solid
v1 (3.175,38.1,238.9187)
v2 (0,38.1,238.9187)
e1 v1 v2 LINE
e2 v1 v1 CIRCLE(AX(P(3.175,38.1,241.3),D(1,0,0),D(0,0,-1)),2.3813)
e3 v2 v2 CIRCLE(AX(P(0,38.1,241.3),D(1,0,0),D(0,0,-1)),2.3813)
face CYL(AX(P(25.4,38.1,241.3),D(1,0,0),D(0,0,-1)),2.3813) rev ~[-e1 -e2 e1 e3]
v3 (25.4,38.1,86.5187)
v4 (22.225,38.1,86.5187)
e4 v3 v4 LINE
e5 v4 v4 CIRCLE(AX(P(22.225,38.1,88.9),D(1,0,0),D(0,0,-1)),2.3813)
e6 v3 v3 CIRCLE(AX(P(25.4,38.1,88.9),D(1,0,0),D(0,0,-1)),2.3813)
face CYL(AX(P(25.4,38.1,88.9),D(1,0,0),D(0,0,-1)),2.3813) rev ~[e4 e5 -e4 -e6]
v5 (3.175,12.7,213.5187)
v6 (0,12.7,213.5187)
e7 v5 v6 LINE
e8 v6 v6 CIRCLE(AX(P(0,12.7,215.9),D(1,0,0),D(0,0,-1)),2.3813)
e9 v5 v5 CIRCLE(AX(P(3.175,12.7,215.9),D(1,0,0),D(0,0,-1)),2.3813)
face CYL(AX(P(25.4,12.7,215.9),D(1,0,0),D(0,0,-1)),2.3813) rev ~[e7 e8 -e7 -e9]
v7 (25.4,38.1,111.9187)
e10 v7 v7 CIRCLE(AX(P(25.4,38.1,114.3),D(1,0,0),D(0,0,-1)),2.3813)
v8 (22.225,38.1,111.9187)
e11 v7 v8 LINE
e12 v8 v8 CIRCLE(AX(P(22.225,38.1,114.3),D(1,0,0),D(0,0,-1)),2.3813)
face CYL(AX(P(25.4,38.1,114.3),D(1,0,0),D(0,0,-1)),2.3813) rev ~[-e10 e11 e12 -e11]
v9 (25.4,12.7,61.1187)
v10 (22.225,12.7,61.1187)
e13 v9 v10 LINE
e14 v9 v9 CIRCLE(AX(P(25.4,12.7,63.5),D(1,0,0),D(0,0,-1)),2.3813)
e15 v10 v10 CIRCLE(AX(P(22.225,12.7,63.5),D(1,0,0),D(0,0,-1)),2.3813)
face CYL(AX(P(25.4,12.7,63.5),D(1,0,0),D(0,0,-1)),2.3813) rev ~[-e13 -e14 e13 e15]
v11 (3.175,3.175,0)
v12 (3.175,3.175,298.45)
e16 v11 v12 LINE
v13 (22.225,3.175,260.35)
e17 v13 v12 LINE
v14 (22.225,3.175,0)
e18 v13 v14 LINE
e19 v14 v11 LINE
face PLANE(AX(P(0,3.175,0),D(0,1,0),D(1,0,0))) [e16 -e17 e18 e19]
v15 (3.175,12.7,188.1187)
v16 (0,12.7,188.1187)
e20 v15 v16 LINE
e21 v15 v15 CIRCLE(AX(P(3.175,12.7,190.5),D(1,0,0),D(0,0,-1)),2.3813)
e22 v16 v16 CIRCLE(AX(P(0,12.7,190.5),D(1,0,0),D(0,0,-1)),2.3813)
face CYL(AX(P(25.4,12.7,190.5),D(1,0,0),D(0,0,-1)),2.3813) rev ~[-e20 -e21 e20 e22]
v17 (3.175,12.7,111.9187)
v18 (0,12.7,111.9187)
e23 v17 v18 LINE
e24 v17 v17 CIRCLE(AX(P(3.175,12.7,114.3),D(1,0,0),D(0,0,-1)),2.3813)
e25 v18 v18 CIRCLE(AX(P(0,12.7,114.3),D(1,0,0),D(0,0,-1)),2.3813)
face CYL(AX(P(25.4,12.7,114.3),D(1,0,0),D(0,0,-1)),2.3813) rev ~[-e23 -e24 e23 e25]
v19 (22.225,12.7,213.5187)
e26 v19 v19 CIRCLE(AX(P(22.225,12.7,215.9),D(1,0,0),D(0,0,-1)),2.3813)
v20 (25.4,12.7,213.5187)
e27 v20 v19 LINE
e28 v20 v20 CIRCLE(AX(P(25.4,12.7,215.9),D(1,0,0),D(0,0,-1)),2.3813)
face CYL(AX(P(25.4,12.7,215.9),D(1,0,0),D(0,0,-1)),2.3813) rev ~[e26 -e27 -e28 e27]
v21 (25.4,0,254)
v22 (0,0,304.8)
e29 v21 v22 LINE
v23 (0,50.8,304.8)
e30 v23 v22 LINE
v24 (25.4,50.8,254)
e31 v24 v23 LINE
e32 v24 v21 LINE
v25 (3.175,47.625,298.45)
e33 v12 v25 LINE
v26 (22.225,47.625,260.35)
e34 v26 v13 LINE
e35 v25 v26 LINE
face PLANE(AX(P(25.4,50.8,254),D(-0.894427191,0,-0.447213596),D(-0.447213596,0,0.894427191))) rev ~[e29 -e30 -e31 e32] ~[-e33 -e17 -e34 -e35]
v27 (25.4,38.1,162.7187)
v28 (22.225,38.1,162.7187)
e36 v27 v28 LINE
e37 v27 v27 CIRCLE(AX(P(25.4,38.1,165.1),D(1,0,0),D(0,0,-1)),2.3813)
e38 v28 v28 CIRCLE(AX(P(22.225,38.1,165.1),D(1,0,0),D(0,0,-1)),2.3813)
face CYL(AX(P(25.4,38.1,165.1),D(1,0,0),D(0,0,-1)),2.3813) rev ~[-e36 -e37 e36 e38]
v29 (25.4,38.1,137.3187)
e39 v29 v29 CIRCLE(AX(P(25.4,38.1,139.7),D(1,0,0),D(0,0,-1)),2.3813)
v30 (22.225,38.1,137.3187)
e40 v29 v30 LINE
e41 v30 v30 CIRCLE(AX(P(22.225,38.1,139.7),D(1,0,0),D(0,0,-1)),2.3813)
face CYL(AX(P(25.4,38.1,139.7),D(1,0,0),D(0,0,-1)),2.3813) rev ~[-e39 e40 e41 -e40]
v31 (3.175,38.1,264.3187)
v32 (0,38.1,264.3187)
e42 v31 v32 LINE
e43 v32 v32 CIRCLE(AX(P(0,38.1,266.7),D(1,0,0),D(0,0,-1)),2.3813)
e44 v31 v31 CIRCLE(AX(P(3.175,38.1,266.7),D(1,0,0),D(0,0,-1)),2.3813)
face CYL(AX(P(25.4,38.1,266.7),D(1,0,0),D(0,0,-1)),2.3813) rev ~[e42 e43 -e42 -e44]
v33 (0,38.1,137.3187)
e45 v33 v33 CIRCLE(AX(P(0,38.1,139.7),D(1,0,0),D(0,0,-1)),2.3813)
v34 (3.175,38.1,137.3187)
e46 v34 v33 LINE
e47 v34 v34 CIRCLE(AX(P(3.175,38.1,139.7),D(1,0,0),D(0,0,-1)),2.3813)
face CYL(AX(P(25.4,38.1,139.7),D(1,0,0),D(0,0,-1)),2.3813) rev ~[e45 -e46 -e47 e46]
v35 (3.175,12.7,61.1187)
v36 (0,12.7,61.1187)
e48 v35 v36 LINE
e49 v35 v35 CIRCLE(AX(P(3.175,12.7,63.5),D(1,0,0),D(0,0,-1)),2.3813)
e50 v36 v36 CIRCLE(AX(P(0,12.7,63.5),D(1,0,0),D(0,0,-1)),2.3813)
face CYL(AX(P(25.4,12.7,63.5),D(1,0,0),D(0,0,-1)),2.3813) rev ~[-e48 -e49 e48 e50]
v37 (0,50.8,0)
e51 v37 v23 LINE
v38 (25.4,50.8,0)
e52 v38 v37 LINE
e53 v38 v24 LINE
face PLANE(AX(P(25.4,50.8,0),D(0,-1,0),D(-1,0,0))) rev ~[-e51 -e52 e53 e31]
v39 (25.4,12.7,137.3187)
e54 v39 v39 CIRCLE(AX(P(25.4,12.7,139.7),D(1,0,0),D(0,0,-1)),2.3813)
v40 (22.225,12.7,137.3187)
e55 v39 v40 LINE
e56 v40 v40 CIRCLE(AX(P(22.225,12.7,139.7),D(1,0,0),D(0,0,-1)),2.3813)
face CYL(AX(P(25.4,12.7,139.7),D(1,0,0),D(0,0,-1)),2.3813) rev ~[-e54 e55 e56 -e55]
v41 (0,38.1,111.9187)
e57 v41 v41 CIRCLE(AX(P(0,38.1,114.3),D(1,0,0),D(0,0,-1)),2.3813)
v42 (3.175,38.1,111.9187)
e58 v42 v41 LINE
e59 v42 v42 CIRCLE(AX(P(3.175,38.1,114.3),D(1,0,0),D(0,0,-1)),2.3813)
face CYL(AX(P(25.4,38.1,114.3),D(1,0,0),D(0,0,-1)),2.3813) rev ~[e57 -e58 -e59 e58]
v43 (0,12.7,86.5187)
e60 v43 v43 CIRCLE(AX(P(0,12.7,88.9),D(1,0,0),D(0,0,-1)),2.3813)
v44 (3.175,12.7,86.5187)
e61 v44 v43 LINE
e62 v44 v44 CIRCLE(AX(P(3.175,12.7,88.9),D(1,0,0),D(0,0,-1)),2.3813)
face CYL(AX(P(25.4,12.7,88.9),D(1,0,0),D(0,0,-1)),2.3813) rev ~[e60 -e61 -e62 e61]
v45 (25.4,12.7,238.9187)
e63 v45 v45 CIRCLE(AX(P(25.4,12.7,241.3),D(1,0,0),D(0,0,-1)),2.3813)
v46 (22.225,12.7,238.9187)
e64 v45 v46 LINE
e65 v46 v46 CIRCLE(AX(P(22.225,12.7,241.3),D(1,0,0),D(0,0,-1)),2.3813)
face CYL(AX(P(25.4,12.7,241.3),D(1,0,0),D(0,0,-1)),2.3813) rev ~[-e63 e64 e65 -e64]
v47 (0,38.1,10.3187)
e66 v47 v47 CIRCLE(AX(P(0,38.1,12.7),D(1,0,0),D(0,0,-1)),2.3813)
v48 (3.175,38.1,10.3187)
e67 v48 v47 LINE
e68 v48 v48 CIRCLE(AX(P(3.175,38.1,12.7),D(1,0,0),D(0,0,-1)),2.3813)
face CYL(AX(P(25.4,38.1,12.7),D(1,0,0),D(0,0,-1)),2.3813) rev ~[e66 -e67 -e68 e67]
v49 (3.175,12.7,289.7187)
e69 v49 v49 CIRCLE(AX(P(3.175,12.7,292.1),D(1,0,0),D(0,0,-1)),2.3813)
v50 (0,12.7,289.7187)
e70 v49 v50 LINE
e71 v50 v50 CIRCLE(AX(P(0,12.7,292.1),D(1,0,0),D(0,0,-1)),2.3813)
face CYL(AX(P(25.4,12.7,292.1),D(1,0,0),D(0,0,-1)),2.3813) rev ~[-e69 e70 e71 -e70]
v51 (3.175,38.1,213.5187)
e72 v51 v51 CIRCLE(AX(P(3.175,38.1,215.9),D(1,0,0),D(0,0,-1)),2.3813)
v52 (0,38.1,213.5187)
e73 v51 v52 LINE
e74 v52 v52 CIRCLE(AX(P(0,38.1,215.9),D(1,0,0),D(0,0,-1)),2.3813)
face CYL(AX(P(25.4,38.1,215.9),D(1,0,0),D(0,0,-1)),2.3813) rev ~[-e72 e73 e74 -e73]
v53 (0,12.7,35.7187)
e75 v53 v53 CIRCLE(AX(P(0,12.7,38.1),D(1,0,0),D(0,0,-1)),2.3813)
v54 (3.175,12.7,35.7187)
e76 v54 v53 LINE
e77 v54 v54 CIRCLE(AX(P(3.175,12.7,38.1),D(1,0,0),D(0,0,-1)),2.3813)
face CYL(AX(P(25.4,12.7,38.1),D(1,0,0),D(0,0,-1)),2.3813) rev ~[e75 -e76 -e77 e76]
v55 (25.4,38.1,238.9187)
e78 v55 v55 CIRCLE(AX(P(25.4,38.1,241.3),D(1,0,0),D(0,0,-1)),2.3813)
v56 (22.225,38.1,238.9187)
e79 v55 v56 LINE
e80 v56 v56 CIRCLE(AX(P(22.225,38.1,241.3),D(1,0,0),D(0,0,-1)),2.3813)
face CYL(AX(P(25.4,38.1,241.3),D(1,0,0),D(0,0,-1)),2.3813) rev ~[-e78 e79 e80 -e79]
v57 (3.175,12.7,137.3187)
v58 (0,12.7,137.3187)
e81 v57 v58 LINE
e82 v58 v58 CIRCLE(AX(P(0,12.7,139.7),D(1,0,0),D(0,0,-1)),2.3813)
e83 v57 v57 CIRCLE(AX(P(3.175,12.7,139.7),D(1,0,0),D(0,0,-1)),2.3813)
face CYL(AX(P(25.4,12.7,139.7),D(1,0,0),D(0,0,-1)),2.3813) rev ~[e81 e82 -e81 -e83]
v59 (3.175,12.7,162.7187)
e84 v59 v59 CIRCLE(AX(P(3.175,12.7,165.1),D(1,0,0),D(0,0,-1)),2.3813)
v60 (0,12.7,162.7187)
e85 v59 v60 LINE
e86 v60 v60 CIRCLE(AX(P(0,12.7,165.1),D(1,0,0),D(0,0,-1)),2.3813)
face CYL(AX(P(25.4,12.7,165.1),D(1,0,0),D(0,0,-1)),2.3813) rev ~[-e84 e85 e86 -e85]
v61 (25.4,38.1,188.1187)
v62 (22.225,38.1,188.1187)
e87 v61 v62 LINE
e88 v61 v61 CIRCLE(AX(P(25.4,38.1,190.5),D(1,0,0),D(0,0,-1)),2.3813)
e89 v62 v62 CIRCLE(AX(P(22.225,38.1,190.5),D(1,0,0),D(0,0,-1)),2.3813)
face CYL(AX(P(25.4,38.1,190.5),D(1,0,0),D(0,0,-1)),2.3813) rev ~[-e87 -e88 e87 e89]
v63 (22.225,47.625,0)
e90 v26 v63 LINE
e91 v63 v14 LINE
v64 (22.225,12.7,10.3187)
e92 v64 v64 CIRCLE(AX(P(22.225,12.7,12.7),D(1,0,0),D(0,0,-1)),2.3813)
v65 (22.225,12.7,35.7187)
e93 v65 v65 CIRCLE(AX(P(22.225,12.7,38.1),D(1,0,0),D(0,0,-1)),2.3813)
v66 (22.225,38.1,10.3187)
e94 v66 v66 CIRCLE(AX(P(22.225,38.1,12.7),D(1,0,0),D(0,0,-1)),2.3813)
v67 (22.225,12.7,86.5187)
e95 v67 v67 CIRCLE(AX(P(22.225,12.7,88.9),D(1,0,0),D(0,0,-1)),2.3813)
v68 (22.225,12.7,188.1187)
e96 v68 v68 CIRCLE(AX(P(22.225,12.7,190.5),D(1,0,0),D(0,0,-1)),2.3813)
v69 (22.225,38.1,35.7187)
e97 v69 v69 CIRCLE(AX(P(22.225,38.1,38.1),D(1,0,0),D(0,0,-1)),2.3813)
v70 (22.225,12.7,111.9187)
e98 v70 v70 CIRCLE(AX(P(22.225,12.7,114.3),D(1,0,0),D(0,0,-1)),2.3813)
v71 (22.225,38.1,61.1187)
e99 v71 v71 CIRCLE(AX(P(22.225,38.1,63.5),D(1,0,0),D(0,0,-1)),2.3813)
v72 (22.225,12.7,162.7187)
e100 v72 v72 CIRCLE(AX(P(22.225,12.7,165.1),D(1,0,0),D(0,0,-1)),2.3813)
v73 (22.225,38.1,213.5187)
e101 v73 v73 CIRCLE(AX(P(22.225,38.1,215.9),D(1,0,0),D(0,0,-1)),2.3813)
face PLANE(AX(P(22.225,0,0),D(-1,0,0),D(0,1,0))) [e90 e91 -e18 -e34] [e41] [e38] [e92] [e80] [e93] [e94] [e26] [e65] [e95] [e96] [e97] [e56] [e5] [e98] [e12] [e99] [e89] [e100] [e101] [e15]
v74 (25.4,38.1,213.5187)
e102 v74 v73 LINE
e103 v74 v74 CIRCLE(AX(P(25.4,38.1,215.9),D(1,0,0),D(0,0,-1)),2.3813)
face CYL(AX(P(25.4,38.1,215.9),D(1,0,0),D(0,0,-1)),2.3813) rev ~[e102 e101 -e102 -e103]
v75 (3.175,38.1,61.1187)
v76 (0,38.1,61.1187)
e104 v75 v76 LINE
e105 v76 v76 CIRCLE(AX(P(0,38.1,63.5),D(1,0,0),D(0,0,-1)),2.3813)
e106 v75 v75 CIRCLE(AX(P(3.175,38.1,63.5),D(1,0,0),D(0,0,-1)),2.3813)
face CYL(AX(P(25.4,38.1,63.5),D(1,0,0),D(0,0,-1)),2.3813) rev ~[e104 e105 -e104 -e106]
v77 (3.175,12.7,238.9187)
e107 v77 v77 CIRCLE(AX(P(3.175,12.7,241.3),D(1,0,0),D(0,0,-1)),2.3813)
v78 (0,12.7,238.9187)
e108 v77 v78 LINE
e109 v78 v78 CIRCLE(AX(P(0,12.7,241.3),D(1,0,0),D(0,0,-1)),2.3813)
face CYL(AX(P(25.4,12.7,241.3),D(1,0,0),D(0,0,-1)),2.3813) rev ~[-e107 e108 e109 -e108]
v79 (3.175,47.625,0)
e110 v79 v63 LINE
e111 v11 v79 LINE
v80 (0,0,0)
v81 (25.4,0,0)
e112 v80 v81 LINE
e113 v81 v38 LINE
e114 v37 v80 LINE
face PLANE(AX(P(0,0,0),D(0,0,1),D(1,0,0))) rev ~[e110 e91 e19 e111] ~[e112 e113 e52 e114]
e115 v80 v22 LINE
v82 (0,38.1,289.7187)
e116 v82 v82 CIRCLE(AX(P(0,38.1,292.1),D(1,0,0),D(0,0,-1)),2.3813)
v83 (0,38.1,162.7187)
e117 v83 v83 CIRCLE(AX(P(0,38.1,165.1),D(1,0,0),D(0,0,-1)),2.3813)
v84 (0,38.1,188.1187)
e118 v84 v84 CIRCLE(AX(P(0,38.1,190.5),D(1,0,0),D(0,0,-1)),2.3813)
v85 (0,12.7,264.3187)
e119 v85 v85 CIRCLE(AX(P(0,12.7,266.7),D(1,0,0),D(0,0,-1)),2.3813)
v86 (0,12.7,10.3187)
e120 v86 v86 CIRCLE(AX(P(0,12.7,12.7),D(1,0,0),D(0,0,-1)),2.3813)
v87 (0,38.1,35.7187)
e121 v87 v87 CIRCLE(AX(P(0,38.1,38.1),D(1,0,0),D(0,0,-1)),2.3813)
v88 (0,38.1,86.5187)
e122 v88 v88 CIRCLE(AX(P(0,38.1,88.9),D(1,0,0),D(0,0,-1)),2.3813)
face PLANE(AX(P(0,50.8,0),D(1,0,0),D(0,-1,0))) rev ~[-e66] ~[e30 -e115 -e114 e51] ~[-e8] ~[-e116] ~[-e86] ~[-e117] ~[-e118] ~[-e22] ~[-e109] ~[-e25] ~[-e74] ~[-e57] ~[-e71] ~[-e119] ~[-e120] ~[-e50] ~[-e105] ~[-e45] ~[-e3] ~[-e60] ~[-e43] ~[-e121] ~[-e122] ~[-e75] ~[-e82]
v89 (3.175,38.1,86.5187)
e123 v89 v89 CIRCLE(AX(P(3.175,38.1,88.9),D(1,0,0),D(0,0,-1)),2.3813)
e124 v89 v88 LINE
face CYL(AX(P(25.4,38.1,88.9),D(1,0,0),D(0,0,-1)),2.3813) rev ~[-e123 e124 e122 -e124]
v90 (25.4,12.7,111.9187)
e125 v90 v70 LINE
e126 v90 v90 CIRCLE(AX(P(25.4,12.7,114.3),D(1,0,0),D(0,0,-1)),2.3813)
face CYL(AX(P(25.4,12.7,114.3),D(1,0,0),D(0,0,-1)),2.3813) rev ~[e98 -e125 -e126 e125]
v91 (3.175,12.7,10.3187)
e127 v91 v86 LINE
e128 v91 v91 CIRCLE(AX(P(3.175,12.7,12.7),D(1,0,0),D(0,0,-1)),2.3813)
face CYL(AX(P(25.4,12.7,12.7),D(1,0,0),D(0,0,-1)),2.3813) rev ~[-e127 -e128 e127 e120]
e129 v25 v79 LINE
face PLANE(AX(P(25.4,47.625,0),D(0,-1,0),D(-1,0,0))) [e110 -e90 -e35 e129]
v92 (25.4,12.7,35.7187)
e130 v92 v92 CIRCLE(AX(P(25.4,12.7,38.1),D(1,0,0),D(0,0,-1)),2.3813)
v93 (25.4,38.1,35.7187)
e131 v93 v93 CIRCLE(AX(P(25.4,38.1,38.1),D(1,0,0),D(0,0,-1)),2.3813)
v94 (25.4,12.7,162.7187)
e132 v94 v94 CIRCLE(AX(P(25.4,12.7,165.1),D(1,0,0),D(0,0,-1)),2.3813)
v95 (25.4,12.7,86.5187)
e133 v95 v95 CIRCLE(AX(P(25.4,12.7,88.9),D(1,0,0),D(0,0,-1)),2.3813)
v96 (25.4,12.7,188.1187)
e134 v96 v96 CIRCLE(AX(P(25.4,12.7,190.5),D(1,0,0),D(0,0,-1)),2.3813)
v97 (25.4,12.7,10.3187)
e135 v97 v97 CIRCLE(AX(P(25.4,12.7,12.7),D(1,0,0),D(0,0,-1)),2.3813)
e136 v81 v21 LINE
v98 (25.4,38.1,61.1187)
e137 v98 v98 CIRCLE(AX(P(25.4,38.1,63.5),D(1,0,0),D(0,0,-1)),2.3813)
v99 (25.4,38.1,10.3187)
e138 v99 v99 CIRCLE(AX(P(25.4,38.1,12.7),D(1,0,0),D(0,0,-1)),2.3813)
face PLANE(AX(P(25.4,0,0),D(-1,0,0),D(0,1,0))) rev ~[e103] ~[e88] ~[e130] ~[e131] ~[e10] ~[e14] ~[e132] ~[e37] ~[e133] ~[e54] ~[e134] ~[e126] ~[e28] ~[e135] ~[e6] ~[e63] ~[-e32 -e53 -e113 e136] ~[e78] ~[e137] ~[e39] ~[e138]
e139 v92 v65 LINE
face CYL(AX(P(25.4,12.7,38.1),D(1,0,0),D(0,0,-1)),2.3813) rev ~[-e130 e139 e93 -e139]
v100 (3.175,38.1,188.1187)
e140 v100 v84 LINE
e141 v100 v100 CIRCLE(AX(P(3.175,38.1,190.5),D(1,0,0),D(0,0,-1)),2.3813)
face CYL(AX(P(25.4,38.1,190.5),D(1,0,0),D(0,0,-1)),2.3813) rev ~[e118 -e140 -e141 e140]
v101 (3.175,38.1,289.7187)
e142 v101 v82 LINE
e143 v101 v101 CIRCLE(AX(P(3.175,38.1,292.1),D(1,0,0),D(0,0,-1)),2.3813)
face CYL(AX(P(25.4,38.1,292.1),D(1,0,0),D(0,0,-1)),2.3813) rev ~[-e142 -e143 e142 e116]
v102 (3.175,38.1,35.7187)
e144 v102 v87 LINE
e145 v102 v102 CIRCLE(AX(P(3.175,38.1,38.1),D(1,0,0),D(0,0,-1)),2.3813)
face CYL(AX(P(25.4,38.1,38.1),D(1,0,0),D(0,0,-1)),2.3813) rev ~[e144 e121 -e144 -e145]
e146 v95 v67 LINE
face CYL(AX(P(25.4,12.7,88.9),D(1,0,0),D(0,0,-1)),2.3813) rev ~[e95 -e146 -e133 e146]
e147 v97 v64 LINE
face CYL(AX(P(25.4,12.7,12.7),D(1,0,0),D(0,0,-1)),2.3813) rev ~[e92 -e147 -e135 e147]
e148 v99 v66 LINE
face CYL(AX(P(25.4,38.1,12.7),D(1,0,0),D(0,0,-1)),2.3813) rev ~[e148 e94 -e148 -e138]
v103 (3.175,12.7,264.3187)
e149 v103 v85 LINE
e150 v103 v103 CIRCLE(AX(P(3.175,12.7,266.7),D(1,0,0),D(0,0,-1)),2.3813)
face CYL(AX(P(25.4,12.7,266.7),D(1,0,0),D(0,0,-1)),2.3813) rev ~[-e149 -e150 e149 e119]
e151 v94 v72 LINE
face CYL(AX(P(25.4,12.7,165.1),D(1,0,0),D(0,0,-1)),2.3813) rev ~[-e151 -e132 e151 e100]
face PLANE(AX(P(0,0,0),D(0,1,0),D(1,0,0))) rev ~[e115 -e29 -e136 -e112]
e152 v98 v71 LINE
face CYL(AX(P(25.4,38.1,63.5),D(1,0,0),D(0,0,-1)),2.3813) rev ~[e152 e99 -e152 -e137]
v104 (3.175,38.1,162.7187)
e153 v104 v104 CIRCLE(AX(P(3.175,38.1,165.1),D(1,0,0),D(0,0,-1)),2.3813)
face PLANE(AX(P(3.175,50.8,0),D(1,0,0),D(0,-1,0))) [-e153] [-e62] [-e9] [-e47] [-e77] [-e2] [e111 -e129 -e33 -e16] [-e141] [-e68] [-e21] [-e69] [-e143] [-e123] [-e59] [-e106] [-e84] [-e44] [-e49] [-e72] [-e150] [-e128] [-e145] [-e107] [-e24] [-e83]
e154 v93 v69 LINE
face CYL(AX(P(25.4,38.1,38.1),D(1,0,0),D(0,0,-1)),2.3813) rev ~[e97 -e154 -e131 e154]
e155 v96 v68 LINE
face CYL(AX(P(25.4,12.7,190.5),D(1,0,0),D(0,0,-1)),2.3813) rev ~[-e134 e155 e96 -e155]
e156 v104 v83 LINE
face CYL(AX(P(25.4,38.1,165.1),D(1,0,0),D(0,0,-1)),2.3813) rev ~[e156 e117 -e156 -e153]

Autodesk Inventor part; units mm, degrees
ref_plane "YZ Plane" through (0, 0, 0) normal (1, 0, 0) x (0, 1, 0)
ref_plane "XZ Plane" through (0, 0, 0) normal (0, 1, 0) x (-1, 0, 0)
ref_plane "XY Plane" through (0, 0, 0) normal (0, 0, 1) x (1, 0, 0)
sketch "Sketch1" plane through (0, 0, 0) normal (0, 0, 1) x (1, 0, 0)
  line L0 (0, 0) -> (25.4, 0)
  line L1 (25.4, 0) -> (25.4, 50.8)
  line L2 (25.4, 50.8) -> (0, 50.8)
  line L3 (0, 50.8) -> (0, 0)
  dimension "d0" = 25.4
  dimension "d1" = 50.8
extrude "Extrusion1" add sketch "Sketch1" along normal blind 304.8
shell "Shell1" thickness 3.175 removed faces 2 at (8.4667, 33.8667, 0) at (8.4667, 33.8667, 304.8)
sketch "Sketch2" plane through (25.4, 0, 0) normal (1, 0, 0) x (0, 0, -1)
  line L0 (-304.8, 50.8) -> (-304.8, 0) projected
  line L1 (0, 50.8) -> (-304.8, 50.8) projected
  circle A0 centre (-292.1, 38.1) radius 2.3813
  dimension "d5" = 4.7625
  dimension "d6" = 12.7
  dimension "d7" = 12.7
extrude "Extrusion2" cut sketch "Sketch2" against normal through all
pattern_linear "Rectangular Pattern1" count 12 spacing 25.4 along (0, 0, -1) count 2 spacing 25.4 along (0, -1, 0) of "Extrusion2"
sketch "Sketch3" plane through (0, 50.8, 0) normal (0, 1, 0) x (1, 0, 0)
  line L0 (0, -304.8) -> (25.4, -304.8) projected
  line L1 (25.4, 0) -> (25.4, -304.8) projected
  line L2 (0, -304.8) -> (25.4, -304.8)
  line L3 (25.4, -254) -> (0, -304.8)
  dimension "d16" = 50.8
extrude "Extrusion3" cut sketch "Sketch3" against normal through all
